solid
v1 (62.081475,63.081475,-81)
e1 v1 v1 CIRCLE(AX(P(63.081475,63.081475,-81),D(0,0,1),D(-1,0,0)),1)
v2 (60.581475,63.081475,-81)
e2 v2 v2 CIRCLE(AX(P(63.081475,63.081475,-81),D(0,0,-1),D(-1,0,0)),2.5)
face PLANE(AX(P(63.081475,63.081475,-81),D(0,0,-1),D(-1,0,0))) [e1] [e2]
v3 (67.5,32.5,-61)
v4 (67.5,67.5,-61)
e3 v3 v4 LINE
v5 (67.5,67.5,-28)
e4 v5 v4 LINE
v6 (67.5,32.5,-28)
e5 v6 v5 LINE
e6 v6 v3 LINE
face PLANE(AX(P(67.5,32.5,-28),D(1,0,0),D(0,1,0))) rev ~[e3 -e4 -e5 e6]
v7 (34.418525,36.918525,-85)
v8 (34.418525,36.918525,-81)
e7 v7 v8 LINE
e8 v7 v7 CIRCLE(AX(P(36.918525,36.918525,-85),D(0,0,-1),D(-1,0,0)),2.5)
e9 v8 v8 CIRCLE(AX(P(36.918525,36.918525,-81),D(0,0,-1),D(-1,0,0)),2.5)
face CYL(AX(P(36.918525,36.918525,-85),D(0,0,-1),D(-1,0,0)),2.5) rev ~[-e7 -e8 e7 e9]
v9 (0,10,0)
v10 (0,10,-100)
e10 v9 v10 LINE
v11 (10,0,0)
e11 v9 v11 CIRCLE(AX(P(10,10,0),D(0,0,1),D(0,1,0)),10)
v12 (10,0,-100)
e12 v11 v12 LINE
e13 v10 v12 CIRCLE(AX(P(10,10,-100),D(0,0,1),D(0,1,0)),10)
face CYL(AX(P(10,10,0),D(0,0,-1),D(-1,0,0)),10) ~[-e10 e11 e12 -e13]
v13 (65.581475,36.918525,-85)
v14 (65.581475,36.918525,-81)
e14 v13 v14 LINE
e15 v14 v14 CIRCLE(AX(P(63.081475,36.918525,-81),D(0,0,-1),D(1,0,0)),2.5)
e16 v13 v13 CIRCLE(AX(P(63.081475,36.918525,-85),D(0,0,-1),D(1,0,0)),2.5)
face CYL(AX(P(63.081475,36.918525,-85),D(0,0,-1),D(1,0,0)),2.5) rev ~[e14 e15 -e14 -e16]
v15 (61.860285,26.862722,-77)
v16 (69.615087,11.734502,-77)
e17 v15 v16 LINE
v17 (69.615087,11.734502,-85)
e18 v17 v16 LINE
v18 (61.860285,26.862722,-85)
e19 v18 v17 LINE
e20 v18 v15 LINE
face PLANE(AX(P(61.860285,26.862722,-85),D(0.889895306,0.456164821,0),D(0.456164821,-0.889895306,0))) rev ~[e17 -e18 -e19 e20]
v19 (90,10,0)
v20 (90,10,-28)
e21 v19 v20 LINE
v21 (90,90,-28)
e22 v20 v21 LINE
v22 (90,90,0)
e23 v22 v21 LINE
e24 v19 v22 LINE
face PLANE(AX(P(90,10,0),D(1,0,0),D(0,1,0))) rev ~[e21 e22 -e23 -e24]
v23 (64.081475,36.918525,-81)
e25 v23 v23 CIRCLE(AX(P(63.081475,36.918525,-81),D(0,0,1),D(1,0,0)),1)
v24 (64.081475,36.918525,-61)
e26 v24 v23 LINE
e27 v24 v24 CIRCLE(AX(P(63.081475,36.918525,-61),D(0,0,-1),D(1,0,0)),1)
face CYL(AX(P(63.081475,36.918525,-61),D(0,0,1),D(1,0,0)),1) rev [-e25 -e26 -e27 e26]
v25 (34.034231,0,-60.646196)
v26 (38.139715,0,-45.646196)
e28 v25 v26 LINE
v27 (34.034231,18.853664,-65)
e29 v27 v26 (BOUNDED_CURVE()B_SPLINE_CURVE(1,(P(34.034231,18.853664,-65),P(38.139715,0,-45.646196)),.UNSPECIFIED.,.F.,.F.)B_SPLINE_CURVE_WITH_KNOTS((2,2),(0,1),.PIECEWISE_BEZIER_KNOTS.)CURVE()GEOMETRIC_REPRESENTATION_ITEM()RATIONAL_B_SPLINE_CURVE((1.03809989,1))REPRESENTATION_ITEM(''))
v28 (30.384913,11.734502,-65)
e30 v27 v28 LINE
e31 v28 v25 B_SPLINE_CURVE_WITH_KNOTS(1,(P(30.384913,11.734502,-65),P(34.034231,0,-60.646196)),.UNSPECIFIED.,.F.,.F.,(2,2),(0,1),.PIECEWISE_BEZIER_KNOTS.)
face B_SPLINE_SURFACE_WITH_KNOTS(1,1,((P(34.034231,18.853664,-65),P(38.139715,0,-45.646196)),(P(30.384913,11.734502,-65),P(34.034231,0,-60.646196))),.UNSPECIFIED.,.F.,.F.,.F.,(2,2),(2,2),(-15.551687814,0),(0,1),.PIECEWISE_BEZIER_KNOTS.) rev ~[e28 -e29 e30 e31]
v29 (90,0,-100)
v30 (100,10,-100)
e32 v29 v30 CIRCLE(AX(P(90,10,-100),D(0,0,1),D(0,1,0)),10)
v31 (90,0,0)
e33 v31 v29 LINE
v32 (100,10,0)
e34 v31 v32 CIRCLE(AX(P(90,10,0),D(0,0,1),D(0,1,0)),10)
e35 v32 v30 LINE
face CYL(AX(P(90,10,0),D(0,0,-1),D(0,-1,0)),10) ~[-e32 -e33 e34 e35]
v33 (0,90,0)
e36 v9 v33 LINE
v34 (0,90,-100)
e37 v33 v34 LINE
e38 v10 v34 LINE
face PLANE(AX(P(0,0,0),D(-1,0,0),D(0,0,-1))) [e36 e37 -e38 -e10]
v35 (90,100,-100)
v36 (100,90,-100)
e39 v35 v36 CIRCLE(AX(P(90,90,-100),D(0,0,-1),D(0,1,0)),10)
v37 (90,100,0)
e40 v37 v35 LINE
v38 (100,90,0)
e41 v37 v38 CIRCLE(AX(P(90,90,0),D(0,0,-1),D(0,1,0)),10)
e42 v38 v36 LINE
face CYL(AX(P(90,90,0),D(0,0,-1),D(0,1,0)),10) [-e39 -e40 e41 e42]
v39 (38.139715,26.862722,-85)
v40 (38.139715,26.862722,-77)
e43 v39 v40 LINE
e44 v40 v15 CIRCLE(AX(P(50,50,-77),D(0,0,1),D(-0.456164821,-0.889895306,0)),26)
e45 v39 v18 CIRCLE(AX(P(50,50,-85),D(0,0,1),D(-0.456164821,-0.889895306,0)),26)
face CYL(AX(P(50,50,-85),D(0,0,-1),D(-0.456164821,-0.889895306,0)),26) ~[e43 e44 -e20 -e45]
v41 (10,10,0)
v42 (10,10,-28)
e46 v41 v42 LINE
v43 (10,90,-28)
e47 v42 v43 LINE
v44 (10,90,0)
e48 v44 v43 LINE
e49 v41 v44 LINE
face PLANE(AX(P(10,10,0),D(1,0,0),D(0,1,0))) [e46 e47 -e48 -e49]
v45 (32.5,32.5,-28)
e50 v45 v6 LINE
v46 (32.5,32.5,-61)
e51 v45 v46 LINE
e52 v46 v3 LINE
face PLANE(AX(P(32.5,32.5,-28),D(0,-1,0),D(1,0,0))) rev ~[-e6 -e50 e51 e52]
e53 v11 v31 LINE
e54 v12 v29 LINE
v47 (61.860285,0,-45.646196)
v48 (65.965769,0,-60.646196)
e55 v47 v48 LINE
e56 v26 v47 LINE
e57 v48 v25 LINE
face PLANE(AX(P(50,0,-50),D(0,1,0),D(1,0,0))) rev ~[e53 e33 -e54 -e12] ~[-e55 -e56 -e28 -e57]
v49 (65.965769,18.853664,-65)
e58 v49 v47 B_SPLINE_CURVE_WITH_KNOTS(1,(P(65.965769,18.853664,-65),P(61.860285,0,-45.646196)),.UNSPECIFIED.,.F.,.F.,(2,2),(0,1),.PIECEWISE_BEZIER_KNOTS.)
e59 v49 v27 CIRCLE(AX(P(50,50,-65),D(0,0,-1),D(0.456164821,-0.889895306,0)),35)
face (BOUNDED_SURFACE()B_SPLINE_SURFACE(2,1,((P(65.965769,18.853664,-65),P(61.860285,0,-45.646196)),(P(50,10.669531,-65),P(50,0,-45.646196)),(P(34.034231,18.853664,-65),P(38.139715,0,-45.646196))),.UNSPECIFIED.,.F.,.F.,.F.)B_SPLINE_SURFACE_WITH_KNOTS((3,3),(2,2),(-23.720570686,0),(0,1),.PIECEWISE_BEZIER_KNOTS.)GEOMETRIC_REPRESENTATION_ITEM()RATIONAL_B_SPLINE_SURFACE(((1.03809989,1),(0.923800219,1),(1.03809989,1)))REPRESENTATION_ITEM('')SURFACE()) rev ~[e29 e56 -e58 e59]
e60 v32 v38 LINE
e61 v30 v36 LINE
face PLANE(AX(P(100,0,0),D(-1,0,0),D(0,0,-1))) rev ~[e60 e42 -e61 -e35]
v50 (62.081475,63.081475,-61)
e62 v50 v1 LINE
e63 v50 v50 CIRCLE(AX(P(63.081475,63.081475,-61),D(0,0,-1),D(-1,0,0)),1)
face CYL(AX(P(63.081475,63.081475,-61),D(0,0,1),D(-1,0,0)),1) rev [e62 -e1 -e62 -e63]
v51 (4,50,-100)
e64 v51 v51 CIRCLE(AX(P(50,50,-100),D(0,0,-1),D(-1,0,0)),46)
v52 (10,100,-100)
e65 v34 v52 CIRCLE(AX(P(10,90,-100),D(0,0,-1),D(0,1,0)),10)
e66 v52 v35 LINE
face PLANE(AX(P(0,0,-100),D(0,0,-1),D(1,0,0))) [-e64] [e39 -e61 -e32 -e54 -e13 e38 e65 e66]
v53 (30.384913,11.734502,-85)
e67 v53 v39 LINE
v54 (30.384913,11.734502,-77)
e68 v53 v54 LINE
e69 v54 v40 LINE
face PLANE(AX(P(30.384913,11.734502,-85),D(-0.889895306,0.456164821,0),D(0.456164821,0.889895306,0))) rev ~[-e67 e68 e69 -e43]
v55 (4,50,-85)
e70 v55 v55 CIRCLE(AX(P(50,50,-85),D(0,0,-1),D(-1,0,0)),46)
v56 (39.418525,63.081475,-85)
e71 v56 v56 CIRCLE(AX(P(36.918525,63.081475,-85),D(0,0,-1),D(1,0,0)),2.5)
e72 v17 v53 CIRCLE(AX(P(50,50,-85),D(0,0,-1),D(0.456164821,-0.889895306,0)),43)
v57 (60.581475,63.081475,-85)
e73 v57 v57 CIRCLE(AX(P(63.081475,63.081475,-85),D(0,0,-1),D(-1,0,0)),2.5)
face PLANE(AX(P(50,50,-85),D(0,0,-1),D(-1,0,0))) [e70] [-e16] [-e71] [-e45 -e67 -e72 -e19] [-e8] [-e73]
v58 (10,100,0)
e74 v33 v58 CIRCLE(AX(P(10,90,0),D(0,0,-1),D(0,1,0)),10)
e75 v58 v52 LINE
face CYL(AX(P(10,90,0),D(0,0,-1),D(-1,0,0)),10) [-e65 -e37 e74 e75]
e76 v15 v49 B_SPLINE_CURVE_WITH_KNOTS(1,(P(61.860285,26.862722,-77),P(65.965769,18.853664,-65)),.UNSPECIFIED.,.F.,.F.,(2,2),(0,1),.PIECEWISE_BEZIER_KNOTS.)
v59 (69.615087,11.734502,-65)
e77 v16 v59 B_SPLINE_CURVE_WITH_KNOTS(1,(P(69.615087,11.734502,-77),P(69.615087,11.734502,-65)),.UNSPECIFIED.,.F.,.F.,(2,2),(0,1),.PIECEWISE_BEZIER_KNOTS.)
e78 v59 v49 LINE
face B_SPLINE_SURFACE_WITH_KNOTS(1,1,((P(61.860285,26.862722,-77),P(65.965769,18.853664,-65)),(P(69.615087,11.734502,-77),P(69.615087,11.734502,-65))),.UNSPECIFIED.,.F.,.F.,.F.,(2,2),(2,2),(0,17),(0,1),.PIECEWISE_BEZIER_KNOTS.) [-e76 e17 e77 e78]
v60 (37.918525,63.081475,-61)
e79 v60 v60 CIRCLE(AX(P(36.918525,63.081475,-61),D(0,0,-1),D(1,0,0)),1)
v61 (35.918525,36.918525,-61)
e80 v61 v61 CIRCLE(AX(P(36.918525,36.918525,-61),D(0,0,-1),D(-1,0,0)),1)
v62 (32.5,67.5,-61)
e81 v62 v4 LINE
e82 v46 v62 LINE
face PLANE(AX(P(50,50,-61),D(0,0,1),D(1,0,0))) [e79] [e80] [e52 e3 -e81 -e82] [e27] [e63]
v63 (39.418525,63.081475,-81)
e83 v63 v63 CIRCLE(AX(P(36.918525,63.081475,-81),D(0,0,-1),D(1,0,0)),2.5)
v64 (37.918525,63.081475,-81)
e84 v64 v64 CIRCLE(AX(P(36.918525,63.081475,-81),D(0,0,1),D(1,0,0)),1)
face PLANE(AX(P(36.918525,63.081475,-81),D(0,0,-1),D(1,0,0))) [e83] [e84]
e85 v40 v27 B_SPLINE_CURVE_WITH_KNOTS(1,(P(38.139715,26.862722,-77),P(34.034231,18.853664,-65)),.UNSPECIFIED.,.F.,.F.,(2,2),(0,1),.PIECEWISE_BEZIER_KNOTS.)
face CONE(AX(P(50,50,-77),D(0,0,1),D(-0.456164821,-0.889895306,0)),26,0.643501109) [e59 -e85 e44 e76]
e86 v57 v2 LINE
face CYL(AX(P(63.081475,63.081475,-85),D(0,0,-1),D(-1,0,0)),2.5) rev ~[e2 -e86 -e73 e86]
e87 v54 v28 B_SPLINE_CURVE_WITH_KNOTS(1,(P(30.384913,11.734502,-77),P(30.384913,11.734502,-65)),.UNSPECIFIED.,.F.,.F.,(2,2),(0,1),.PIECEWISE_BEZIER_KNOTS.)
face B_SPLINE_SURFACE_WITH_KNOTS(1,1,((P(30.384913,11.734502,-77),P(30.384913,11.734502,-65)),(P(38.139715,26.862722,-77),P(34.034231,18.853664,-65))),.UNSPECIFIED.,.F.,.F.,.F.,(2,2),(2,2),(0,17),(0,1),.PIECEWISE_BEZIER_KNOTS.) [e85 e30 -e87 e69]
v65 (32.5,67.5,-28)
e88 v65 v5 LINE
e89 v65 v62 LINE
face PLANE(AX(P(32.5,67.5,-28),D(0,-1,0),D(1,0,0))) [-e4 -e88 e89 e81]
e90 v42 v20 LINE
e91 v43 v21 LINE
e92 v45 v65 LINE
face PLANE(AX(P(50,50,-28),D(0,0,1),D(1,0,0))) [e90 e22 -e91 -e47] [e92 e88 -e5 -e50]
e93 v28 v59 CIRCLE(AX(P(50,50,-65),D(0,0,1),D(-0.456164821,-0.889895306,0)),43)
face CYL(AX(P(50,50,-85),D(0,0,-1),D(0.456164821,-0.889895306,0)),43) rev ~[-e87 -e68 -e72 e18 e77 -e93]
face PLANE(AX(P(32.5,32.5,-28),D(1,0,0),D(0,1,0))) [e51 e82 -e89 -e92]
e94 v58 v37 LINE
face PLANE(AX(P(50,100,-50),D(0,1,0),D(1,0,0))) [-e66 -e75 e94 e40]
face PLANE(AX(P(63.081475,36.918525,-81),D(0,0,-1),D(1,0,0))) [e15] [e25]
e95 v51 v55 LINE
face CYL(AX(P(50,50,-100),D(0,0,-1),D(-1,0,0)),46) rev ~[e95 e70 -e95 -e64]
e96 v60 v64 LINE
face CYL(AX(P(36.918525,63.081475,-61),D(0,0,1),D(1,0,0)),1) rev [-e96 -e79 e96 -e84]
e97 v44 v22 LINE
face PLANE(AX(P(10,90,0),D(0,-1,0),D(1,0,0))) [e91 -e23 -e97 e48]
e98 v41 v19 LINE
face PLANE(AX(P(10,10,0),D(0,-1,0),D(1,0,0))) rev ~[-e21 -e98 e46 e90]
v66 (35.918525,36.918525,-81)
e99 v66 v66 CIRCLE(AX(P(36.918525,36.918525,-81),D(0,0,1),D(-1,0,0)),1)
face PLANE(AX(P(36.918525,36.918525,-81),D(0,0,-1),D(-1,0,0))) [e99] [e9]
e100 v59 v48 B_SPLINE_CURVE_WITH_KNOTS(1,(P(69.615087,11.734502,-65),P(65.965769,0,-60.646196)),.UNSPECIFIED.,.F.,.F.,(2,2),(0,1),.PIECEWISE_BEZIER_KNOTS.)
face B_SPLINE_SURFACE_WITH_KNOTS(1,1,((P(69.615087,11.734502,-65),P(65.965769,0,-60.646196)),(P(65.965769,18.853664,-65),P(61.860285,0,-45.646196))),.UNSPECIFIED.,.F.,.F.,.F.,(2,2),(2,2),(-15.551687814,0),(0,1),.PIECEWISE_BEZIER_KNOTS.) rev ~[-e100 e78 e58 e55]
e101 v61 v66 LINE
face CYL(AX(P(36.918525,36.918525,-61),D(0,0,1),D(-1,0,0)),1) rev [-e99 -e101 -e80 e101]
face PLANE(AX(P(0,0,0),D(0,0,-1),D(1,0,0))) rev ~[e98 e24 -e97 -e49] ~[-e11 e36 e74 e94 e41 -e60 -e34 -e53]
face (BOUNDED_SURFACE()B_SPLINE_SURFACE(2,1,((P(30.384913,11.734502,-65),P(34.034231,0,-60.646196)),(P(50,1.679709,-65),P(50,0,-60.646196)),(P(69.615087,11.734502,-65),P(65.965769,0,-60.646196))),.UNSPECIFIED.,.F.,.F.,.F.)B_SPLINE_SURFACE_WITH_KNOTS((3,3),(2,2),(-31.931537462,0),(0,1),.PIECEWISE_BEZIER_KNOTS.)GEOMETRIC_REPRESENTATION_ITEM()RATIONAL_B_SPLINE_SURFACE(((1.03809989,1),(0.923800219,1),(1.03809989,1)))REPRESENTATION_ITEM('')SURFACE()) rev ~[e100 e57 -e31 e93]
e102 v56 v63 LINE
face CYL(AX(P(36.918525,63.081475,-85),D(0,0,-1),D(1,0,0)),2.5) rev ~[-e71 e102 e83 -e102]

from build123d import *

# Parameters (mm, degrees)
SKETCH_1_W                = 100
SKETCH_1_H                = 100
EXTRUDE_1_DEPTH           = 100
SKETCH_2_R                = 46
CUT_EXTRUDE_1_DEPTH       = 15
FILLET_1_R                = 10
CUT_EXTRUDE_2_DEPTH       = 8
SKETCH_8_W                = 80
SKETCH_8_H                = 80
CUT_EXTRUDE_7_DEPTH       = 28
SKETCH_9_W                = 35
SKETCH_9_H                = 35
CUT_EXTRUDE_8_DEPTH       = 33
SKETCH_10_R               = 2.5
CUT_EXTRUDE_9_DEPTH       = 4
CUT_EXTRUDE_10_DEPTH      = 163.975458275
CUT_EXTRUDE_10_DEPTH_BACK = 20
SKETCH_11_R               = 1


with BuildPart() as part:
    # 草图1 → 凸台-拉伸1 (new body)
    with BuildSketch(Plane(origin=(0, 0, 0), x_dir=(1, 0, 0), z_dir=(0, 1, 0))):
        with Locations((50, 50)):
            Rectangle(SKETCH_1_W, SKETCH_1_H)
    extrude(amount=EXTRUDE_1_DEPTH)

    # 草图2 → 切除-拉伸1 (cut)
    with BuildSketch(Plane(origin=(0, 0, -100), x_dir=(-1, 0, 0), z_dir=(0, 0, -1))):
        with Locations((-50, 50)):
            Circle(SKETCH_2_R)
    extrude(amount=-CUT_EXTRUDE_1_DEPTH, mode=Mode.SUBTRACT)

    # 圆角1
    fillet_1_edges = [part.edges().sort_by_distance(p)[0] for p in [
        (100, 100, -50),
        (0, 100, -50),
        (100, 0, -50),
        (0, 0, -50),
    ]]
    fillet(fillet_1_edges, radius=FILLET_1_R)

    # 草图3 → 切除-拉伸2 (cut)
    with BuildSketch(Plane(origin=(0, 0, -85), x_dir=(-1, 0, 0), z_dir=(0, 0, -1))):
        with BuildLine():
            Line((-61.860285343, 26.862722036), (-69.615087298, 11.734501829))
            ThreePointArc((-69.615087298, 11.734501829), (-50, 7), (-30.384912702, 11.734501829))
            Line((-30.384912702, 11.734501829), (-38.139714657, 26.862722036))
            ThreePointArc((-38.139714657, 26.862722036), (-50, 24), (-61.860285343, 26.862722036))
        make_face()
    extrude(amount=-CUT_EXTRUDE_2_DEPTH, mode=Mode.SUBTRACT)

    # 草图6 → section 1 of loft_1
    with BuildSketch(Plane(origin=(0, 0, -65), x_dir=(-1, 0, 0), z_dir=(0, 0, -1)), mode=Mode.PRIVATE) as loft_1_s1:
        with BuildLine():
            Line((-69.615087298, 11.734501829), (-65.965768731, 18.853664279))
            ThreePointArc((-65.965768731, 18.853664279), (-50, 15), (-34.034231269, 18.853664279))
            Line((-34.034231269, 18.853664279), (-30.384912702, 11.734501829))
            ThreePointArc((-30.384912702, 11.734501829), (-50, 7), (-69.615087298, 11.734501829))
        make_face()
    # loft from a face of the part (loft_1)
    loft([part.faces().sort_by_distance((50, 16.103496225, -77))[0], loft_1_s1.sketch], mode=Mode.SUBTRACT)

    # 草图6<3> for 切除-放样3 → 切除-放样3 section 0
    with BuildSketch(Plane(origin=(0, 0, -65), x_dir=(-1, 0, 0), z_dir=(0, 0, -1))):
        with BuildLine():
            Line((-69.615087298, 11.734501829), (-65.965768731, 18.853664279))
            # circular arc as an exact rational Bezier (weights 1, cos(half-angle), 1)
            Bezier((-65.965768731, 18.853664279), (-50, 10.669530728), (-34.034231269, 18.853664279), weights=[1, 0.889895306, 1])
            Line((-34.034231269, 18.853664279), (-30.384912702, 11.734501829))
            Bezier((-30.384912702, 11.734501829), (-50, 1.67970918), (-69.615087298, 11.734501829), weights=[1, 0.889895306, 1])
        make_face()
    # 草图7 → 切除-放样3 section 1
    with BuildSketch(Plane.XZ):
        with BuildLine():
            Line((65.965768731, -60.646196457), (34.034231269, -60.646196457))
            Line((34.034231269, -60.646196457), (38.139714657, -45.646196457))
            Line((38.139714657, -45.646196457), (61.860285343, -45.646196457))
            Line((61.860285343, -45.646196457), (65.965768731, -60.646196457))
        make_face()
    loft(mode=Mode.SUBTRACT)

    # 草图8 → 切除-拉伸7 (cut)
    with BuildSketch(Plane.XY):
        with Locations((50, 50)):
            Rectangle(SKETCH_8_W, SKETCH_8_H)
    extrude(amount=-CUT_EXTRUDE_7_DEPTH, mode=Mode.SUBTRACT)

    # 草图9 → 切除-拉伸8 (cut)
    with BuildSketch(Plane.XY.offset(-28)):
        with Locations((50, 50)):
            Rectangle(SKETCH_9_W, SKETCH_9_H)
    extrude(amount=-CUT_EXTRUDE_8_DEPTH, mode=Mode.SUBTRACT)

    # 草图10 → 切除-拉伸9 (cut)
    with BuildSketch(Plane(origin=(0, 0, -85), x_dir=(-1, 0, 0), z_dir=(0, 0, -1))):
        with Locations((-36.918524548, 36.918524548)):
            Circle(SKETCH_10_R)
        with Locations(Location((-36.918524548, 63.081475452, 0), (0, 0, 180))):
            Circle(SKETCH_10_R)
        with Locations(Location((-63.081475452, 36.918524548, 0), (0, 0, 180))):
            Circle(SKETCH_10_R)
        with Locations((-63.081475452, 63.081475452)):
            Circle(SKETCH_10_R)
    extrude(amount=-CUT_EXTRUDE_9_DEPTH, mode=Mode.SUBTRACT)

    # 草图11 → 切除-拉伸10 (cut, two sides: drawn at the far end of the back side and taken through both)
    with BuildSketch(Plane(origin=(0, 0, -81), x_dir=(-1, 0, 0), z_dir=(0, 0, -1)).offset(-CUT_EXTRUDE_10_DEPTH_BACK)):
        with Locations((-63.081475452, 63.081475452)):
            Circle(SKETCH_11_R)
        with Locations(Location((-36.918524548, 63.081475452, 0), (0, 0, 180))):
            Circle(SKETCH_11_R)
        with Locations(Location((-63.081475452, 36.918524548, 0), (0, 0, 180))):
            Circle(SKETCH_11_R)
        with Locations((-36.918524548, 36.918524548)):
            Circle(SKETCH_11_R)
    extrude(amount=CUT_EXTRUDE_10_DEPTH + CUT_EXTRUDE_10_DEPTH_BACK, mode=Mode.SUBTRACT)


solid = part.part
